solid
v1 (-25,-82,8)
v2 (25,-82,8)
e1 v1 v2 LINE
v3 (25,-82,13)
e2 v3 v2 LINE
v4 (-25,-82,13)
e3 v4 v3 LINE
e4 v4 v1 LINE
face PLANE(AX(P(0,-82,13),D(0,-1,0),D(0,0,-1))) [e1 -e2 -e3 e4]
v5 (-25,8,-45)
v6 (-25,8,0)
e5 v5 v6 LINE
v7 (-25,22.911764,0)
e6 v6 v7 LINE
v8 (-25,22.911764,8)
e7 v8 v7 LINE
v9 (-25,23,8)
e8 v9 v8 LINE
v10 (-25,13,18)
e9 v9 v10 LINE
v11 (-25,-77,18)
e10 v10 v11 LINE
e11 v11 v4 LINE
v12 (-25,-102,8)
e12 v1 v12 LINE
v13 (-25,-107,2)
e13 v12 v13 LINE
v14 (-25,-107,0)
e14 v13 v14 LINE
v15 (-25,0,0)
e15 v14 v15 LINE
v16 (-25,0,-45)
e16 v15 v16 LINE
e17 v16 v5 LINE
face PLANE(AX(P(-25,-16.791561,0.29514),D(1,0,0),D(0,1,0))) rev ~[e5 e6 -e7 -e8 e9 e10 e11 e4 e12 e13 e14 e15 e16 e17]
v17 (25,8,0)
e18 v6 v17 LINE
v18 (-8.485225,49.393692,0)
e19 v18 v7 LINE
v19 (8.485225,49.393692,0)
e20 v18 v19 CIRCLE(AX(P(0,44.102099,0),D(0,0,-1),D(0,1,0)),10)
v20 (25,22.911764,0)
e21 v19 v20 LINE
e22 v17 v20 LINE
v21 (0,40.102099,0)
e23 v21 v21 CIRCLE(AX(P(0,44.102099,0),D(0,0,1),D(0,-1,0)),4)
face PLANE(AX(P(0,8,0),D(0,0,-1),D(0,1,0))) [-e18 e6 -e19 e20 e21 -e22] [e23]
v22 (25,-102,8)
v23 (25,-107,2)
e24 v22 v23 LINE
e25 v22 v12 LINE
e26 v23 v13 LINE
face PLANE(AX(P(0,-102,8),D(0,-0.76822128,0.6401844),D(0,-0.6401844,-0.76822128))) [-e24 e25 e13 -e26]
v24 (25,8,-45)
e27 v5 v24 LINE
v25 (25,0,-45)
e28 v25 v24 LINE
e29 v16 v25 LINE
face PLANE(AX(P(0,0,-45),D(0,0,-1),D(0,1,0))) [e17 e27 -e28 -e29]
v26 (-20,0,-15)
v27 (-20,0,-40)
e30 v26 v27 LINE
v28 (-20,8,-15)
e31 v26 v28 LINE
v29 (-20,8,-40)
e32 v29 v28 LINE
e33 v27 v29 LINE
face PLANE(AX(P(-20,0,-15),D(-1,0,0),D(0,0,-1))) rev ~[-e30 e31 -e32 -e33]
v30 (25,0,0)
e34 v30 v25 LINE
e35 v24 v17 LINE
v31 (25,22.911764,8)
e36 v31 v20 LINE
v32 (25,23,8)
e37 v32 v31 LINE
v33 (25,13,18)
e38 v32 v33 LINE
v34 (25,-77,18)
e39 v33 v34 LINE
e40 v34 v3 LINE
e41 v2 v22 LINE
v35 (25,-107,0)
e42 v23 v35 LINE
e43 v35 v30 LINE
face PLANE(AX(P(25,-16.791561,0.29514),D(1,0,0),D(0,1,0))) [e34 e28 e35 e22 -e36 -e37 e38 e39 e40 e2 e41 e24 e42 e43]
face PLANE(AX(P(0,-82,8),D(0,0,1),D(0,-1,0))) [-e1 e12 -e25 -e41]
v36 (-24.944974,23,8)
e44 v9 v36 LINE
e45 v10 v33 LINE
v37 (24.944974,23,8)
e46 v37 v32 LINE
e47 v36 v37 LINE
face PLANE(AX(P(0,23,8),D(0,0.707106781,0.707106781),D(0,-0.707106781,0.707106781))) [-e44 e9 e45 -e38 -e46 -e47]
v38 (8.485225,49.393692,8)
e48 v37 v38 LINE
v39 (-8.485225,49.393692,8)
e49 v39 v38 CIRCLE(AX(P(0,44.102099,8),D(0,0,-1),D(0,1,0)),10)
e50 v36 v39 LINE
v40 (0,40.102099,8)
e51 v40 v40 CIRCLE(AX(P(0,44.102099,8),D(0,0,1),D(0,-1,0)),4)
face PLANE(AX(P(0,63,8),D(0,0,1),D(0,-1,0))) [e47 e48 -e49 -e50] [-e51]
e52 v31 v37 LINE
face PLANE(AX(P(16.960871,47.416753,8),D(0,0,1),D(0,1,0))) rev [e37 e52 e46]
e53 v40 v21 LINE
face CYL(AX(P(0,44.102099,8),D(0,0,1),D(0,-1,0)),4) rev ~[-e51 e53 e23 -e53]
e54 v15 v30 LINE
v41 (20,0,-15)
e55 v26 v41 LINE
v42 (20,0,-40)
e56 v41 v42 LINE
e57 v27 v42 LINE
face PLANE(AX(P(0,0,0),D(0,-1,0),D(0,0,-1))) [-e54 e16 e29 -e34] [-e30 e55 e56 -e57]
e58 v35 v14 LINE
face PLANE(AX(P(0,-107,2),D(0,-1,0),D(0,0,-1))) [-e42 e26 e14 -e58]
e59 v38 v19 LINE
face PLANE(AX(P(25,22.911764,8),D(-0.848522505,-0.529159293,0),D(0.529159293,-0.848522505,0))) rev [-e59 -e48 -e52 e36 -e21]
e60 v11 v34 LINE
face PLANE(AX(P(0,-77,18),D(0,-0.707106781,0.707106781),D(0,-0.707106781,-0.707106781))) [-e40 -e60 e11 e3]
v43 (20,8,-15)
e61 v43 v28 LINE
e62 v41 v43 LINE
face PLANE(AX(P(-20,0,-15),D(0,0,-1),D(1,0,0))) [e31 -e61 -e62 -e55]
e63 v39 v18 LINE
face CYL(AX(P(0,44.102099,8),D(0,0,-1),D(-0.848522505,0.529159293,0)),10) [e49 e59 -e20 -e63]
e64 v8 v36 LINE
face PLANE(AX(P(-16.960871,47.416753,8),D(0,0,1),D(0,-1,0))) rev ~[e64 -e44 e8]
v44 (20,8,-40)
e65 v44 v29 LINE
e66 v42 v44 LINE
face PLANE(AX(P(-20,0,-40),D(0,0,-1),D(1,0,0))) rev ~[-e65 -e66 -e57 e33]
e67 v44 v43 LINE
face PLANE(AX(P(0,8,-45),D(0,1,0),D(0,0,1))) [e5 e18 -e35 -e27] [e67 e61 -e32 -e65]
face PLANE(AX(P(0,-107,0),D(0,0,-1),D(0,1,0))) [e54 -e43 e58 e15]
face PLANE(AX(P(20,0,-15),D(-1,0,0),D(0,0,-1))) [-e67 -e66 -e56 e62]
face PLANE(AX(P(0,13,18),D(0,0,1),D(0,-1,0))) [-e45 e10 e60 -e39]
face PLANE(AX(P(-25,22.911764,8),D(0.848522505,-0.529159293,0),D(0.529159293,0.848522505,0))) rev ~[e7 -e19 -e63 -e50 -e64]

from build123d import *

# Parameters (mm, degrees)
PAD_DEPTH       = 25
SKETCH001_W     = 25
SKETCH001_H     = 40
POCKET_DEPTH    = 63.001
POCKET001_DEPTH = 429.133955
FILLET_R        = 10
SKETCH003_R     = 4
POCKET002_DEPTH = 53.001


with BuildPart() as part:
    # Sketch → Pad (new body, symmetric)
    with BuildSketch(Plane.YZ):
        Polygon((-107, 0), (0, 0), (0, -45), (8, -45), (8, 0), (63, 0), (63, 8), (23, 8), (13, 18), (-77, 18), (-82, 13), (-82, 8), (-102, 8), (-107, 2), align=None)
    extrude(amount=PAD_DEPTH, both=True)

    # Sketch001 → Pocket (cut, through all)
    with BuildSketch(Plane(origin=(0, 0, 0), x_dir=(0, 0, -1), z_dir=(0, -1, 0))):
        with Locations((27.5, 0)):
            Rectangle(SKETCH001_W, SKETCH001_H)
    extrude(amount=-POCKET_DEPTH, mode=Mode.SUBTRACT)

    # Sketch002 → Pocket001 (cut, through all)
    with BuildSketch(Plane(origin=(0, 0, 8), x_dir=(0, -1, 0), z_dir=(0, 0, 1))):
        Polygon((-22.911764, -25), (-63, 0), (-63, -25), align=None)
    pocket001 = extrude(amount=-POCKET001_DEPTH, mode=Mode.SUBTRACT)

    # Mirrored: Pocket001 across Sketch002 H_Axis
    add(pocket001.mirror(Plane(origin=(0, 0, 8), x_dir=(0, 0, 1), z_dir=(1, 0, 0))), mode=Mode.SUBTRACT)

    # Fillet
    fillet_edges = [part.edges().sort_by_distance(p)[0] for p in [
        (0, 63, 4),
    ]]
    fillet(fillet_edges, radius=FILLET_R)

    # Sketch003 → Pocket002 (cut, through all)
    with BuildSketch(Plane(origin=(0, 0, 8), x_dir=(0, -1, 0), z_dir=(0, 0, 1))):
        with Locations((-44.102099, 0)):
            Circle(SKETCH003_R)
    extrude(amount=-POCKET002_DEPTH, mode=Mode.SUBTRACT)


solid = part.part
